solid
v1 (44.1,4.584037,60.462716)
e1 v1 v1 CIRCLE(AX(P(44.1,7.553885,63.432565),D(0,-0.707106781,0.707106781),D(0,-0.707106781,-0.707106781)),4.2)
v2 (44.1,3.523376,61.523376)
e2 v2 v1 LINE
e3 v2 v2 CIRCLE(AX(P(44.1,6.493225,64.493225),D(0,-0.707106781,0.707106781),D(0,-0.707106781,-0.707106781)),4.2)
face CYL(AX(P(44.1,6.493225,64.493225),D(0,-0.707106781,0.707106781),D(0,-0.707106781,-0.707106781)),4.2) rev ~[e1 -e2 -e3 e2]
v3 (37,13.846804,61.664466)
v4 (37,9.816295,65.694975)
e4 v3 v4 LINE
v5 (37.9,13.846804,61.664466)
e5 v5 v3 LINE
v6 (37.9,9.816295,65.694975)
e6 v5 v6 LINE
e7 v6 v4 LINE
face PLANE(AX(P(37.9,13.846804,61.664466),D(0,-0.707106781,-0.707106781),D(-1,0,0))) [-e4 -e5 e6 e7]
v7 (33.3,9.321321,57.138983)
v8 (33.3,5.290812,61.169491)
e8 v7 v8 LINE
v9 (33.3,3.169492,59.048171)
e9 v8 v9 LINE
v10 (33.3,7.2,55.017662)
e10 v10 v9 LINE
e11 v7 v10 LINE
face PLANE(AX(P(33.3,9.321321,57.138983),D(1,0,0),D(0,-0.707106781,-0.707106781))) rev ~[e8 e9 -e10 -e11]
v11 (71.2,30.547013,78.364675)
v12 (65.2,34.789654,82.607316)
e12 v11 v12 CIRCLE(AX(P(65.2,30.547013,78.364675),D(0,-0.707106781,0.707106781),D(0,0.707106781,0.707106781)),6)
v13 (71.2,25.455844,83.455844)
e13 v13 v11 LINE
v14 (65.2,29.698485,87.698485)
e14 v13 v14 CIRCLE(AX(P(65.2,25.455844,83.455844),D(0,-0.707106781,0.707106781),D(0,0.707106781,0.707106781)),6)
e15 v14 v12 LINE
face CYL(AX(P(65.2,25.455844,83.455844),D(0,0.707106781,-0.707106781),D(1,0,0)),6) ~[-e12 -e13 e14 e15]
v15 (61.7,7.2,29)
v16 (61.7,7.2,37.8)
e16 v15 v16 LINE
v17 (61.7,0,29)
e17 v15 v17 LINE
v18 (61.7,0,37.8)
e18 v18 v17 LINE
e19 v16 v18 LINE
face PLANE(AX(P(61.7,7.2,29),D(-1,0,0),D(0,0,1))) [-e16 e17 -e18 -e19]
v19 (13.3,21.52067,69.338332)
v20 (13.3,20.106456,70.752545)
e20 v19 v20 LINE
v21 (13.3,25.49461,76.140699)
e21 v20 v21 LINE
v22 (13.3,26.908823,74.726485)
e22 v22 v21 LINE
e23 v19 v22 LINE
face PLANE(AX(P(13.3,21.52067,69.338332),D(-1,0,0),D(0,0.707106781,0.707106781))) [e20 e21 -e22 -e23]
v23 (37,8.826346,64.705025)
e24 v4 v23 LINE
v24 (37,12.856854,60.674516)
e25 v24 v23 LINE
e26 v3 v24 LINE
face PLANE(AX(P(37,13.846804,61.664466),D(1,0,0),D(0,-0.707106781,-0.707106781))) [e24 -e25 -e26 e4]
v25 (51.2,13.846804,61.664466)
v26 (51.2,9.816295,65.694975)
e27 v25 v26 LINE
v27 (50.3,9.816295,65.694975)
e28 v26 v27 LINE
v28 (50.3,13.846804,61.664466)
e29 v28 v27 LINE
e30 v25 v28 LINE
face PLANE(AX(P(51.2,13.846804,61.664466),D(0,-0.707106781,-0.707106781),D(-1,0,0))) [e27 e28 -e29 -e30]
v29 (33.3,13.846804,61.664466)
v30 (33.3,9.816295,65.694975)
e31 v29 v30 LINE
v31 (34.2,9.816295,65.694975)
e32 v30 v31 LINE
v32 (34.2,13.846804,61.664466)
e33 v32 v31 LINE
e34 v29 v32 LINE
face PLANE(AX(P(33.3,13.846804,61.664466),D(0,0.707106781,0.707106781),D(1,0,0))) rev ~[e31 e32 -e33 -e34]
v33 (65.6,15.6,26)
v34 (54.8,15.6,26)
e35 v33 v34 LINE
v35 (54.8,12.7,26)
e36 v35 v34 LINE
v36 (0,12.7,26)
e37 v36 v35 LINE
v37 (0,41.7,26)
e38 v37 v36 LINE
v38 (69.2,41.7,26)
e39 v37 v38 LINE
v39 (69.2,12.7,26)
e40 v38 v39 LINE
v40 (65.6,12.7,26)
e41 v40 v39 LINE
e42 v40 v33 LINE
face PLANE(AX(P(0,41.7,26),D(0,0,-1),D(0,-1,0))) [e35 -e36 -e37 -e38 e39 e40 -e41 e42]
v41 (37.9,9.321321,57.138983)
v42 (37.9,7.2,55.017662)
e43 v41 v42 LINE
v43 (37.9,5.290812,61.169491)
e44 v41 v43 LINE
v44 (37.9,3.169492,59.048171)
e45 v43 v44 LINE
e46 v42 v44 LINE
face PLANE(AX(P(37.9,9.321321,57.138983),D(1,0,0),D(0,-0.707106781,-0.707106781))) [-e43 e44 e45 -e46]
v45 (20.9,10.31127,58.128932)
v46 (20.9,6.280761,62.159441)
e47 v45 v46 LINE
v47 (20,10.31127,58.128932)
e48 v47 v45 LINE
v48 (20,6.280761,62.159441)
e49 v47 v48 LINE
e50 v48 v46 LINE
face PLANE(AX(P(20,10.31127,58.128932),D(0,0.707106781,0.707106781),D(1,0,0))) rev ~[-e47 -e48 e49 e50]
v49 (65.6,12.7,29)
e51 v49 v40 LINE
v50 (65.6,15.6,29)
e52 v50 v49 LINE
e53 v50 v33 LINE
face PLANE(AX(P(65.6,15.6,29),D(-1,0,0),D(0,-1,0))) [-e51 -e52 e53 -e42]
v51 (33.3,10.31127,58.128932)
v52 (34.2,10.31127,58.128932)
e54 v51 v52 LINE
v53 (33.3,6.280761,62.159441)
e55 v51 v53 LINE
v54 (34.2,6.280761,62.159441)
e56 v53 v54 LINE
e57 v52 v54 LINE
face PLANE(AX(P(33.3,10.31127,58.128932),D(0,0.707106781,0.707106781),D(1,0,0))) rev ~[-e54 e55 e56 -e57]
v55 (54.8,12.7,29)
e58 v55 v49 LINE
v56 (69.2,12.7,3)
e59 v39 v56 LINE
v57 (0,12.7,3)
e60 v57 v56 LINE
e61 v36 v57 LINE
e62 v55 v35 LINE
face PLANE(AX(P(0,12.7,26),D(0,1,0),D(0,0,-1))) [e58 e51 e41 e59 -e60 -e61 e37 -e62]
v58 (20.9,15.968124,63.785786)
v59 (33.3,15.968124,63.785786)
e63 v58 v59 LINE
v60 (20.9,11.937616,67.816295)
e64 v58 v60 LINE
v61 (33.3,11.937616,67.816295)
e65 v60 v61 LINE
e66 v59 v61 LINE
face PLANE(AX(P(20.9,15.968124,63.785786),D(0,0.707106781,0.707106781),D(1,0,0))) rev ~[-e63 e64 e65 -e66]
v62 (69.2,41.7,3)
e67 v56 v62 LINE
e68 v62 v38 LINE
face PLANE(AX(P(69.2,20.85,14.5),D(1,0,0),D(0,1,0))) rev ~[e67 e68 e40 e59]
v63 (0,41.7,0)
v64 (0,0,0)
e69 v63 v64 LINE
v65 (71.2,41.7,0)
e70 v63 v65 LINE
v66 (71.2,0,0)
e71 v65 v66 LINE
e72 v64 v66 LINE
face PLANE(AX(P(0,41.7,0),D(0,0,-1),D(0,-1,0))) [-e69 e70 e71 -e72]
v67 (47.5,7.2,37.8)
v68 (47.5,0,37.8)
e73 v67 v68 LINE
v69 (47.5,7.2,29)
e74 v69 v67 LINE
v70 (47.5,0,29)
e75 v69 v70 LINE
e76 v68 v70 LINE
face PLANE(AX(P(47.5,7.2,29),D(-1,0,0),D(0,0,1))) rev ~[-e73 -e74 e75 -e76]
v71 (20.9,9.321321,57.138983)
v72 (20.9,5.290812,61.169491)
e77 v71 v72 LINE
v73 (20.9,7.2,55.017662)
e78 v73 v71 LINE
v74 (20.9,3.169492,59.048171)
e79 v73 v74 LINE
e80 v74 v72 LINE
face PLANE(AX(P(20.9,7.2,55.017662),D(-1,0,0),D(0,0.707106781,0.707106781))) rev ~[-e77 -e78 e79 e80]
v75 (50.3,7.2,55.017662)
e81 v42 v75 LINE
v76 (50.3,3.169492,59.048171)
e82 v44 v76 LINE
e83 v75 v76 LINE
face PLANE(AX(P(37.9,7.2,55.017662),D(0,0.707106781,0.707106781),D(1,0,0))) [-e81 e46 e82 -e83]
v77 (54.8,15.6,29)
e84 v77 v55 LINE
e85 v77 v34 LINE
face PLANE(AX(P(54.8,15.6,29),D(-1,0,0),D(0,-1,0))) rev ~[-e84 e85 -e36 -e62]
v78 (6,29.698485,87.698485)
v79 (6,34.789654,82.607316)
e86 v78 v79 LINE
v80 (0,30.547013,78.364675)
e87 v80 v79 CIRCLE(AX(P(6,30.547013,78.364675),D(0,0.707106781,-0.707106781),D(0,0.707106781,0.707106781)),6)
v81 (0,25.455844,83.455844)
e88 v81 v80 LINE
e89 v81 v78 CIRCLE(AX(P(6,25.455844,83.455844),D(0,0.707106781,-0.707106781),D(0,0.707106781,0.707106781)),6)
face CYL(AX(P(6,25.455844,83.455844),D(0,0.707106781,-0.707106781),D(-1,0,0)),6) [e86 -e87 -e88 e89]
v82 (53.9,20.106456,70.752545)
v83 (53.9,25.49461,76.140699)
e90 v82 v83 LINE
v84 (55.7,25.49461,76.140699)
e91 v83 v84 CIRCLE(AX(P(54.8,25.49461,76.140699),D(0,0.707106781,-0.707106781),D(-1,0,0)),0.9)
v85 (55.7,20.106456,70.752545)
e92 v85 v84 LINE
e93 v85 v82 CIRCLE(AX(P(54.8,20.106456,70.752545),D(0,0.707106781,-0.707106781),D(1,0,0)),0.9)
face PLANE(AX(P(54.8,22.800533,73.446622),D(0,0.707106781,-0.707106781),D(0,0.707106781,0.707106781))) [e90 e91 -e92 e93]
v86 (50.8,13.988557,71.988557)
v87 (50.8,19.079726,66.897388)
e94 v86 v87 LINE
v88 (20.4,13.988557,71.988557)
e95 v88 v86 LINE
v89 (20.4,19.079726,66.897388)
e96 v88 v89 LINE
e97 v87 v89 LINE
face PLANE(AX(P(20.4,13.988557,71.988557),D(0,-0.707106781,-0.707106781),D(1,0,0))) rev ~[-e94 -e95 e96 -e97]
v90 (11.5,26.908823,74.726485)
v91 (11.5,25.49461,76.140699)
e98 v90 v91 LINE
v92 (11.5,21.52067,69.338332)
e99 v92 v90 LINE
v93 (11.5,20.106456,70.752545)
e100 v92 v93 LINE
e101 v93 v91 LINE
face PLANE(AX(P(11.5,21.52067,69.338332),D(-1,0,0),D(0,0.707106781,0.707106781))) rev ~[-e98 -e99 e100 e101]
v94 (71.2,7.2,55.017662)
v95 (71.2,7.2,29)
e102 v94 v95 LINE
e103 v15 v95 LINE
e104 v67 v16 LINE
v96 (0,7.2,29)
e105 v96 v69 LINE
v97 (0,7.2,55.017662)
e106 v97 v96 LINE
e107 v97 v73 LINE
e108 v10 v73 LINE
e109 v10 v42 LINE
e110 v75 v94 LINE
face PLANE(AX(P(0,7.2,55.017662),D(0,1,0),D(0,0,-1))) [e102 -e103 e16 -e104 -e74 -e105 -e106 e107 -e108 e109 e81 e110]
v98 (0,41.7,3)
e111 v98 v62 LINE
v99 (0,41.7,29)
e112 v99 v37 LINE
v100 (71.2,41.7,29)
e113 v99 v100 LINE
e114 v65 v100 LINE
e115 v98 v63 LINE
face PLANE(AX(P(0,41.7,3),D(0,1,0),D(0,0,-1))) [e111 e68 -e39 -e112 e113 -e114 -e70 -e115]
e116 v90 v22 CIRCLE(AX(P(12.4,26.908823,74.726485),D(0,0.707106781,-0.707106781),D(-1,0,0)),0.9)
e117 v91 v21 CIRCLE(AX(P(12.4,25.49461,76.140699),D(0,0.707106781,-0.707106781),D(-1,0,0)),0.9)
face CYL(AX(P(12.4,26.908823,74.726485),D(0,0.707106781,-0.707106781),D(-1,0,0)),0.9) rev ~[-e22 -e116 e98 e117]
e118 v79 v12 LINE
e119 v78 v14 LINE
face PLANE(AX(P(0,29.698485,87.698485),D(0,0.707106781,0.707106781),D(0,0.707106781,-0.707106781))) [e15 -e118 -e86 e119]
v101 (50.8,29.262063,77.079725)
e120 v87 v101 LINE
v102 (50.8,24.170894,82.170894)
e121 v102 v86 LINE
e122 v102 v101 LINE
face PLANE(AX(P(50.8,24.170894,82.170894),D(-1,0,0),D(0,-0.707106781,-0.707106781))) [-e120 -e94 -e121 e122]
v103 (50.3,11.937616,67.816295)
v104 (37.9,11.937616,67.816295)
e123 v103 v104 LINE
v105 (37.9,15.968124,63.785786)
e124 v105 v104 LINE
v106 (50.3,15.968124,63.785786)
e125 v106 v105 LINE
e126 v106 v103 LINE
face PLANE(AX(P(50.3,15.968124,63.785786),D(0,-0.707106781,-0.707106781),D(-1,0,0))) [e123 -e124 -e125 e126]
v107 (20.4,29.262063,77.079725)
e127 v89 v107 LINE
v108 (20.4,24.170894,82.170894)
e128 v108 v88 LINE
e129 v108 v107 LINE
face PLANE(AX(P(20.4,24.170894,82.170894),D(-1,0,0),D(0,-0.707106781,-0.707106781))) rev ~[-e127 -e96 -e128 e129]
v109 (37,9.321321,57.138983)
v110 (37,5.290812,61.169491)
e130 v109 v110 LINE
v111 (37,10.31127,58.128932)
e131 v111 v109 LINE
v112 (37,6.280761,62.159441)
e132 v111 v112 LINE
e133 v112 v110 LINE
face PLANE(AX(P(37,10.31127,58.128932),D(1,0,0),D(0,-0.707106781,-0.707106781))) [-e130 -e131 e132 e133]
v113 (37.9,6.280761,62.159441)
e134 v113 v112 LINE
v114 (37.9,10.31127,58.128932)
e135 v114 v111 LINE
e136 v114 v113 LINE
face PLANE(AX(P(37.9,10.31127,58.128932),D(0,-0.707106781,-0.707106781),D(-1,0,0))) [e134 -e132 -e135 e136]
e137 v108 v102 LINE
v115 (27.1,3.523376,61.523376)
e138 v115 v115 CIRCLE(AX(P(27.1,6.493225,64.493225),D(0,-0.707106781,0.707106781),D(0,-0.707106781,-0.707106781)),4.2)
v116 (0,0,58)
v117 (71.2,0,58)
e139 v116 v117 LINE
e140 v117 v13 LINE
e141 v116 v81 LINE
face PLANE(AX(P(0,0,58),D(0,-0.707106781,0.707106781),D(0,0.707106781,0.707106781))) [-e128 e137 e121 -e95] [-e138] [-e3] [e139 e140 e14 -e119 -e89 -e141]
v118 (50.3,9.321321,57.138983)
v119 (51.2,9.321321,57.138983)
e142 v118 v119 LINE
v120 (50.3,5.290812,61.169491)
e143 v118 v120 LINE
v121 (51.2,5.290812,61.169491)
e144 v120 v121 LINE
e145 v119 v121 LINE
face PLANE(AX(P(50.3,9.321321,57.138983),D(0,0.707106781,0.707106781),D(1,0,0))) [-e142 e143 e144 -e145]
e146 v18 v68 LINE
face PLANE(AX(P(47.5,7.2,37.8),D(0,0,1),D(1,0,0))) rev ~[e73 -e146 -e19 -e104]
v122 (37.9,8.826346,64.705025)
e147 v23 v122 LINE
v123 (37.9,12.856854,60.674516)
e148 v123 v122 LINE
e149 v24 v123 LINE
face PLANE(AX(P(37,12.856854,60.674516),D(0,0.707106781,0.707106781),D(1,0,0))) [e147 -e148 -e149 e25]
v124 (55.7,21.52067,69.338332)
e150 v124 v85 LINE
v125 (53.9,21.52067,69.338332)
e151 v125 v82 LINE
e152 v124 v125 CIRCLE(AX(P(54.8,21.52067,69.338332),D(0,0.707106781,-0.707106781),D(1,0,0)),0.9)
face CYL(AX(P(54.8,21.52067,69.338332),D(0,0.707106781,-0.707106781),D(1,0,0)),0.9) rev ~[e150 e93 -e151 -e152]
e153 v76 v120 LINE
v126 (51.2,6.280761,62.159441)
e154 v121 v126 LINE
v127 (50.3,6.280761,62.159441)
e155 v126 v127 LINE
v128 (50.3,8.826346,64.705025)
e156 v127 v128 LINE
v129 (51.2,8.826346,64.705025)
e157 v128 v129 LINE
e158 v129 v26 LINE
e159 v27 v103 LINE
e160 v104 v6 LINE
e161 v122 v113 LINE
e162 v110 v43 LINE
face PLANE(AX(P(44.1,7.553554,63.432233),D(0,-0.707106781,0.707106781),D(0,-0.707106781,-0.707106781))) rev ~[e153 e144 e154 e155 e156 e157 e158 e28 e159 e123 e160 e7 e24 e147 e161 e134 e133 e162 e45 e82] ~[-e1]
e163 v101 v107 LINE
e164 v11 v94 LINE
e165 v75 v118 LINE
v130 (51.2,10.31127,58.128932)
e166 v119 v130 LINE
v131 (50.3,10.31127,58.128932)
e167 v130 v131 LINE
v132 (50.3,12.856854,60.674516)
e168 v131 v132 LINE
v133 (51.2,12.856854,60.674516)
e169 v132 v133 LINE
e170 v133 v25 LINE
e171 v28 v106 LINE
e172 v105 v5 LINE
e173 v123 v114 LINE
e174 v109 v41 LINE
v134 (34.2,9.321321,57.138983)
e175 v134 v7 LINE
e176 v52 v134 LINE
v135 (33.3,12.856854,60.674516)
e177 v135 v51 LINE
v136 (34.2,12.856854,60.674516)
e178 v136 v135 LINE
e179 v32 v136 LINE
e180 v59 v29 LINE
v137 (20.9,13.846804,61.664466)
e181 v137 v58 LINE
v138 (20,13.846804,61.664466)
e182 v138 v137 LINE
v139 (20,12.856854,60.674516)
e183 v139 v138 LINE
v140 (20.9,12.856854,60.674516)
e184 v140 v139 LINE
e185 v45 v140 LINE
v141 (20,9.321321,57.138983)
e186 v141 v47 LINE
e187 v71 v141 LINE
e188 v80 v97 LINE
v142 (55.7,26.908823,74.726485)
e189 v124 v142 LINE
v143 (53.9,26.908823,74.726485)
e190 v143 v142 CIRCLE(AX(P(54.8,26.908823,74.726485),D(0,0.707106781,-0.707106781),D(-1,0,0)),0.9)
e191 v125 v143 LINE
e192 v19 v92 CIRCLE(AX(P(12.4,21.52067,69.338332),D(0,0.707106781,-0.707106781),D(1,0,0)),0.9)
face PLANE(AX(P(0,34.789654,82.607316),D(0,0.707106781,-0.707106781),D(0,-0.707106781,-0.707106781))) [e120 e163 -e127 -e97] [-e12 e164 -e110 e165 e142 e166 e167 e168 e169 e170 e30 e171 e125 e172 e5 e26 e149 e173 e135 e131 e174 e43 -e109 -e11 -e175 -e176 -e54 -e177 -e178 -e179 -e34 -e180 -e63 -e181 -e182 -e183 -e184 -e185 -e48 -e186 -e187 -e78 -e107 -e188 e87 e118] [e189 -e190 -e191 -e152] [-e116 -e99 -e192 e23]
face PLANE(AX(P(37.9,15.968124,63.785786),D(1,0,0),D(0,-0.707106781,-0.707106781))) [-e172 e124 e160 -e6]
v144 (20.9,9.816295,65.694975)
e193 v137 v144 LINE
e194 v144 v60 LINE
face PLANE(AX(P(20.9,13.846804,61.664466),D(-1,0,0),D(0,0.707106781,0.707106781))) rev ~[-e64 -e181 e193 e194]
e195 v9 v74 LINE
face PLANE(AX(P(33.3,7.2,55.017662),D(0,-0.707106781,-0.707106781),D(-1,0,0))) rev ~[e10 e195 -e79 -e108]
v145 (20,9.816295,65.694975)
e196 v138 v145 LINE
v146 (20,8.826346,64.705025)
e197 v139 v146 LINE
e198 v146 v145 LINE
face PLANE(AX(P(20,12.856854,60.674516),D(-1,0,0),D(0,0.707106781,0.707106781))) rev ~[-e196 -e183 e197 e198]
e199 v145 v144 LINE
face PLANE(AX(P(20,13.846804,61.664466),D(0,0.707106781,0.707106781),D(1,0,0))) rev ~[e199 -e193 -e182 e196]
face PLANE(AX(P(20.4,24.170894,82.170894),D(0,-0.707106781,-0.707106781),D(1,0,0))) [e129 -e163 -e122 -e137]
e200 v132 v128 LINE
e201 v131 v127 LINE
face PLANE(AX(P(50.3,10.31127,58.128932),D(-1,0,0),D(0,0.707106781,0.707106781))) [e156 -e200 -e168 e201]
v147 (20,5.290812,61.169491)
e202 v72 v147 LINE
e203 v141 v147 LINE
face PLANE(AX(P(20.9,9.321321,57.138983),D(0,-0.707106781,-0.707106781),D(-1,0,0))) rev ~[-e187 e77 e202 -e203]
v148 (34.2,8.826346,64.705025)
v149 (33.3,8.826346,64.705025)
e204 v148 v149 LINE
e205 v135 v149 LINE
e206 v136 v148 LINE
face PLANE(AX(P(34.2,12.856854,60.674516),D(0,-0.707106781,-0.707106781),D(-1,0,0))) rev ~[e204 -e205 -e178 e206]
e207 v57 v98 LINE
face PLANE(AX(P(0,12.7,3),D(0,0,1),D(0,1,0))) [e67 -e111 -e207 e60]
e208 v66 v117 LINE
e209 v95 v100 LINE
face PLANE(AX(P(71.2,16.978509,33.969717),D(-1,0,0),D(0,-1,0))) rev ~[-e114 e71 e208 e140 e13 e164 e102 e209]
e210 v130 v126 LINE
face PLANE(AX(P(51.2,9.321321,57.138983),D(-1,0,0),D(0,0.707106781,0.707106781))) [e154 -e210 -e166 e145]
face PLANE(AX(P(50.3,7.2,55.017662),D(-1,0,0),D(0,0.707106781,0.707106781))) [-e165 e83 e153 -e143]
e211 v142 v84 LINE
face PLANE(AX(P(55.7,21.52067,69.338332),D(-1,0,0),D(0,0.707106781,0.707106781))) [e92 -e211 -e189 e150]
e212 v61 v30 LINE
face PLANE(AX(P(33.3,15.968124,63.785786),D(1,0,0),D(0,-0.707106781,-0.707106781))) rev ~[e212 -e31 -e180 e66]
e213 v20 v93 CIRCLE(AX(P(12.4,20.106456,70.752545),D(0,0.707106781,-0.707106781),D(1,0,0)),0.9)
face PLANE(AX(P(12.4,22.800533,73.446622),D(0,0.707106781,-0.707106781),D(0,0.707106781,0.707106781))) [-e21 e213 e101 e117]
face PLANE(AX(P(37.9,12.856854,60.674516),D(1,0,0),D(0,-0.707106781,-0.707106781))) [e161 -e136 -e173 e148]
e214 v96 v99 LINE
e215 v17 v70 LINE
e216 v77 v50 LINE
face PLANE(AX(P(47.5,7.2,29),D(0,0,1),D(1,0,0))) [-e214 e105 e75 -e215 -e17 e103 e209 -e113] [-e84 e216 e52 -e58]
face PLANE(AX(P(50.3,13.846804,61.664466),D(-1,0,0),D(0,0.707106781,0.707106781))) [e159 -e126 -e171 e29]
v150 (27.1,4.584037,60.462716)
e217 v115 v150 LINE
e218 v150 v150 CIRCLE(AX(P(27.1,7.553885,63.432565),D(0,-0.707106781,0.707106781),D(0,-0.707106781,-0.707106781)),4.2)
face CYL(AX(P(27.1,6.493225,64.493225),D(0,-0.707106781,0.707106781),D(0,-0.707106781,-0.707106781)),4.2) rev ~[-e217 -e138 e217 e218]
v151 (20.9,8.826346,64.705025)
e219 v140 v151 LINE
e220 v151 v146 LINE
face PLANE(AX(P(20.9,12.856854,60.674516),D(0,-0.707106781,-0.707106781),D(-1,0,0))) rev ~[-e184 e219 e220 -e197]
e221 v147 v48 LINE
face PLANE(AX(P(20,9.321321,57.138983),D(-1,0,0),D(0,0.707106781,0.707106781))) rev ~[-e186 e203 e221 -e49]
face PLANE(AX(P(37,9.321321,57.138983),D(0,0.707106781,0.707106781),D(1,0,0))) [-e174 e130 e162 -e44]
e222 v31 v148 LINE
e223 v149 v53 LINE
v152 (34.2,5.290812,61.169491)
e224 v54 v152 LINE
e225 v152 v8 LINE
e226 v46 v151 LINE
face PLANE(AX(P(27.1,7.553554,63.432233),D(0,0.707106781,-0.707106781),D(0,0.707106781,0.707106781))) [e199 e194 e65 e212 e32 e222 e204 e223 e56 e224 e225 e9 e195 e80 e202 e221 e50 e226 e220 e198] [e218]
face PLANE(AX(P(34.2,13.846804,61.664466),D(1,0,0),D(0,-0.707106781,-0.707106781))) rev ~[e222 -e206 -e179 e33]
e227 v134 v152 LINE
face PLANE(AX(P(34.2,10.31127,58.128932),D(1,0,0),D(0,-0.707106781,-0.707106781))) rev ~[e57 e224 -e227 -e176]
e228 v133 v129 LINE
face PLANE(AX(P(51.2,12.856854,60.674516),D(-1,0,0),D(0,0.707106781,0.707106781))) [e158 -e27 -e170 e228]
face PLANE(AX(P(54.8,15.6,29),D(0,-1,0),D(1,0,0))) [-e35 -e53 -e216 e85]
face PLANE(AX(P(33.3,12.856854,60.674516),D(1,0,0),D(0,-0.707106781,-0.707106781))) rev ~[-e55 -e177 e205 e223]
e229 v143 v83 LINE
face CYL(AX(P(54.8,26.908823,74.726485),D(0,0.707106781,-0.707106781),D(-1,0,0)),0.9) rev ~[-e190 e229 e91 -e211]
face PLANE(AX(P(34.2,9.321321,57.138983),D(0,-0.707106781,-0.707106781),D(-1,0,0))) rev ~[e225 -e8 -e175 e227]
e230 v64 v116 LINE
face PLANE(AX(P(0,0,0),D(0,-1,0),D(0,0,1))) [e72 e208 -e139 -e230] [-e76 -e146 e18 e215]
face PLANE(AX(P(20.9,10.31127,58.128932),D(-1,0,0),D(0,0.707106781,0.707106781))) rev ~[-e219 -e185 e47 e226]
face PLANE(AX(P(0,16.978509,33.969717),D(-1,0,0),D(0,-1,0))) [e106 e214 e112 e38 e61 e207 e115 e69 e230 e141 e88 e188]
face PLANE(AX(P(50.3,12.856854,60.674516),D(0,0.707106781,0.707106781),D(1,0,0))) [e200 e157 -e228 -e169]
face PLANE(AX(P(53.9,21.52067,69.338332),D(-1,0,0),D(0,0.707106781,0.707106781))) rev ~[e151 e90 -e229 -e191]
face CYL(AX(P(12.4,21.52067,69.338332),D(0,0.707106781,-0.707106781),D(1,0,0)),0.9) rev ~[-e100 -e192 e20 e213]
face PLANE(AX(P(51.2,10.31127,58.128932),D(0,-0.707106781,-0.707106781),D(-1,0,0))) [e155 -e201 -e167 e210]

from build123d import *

# Parameters (mm, degrees)
PAD_DEPTH       = 71.2
POCKET_DEPTH    = 5.7
SKETCH001_R     = 4.2
SKETCH001_W     = 14.4
SKETCH001_H     = 30.4
POCKET001_DEPTH = 7.5
SKETCH003_W     = 41.7
SKETCH003_H     = 29
PAD001002_DEPTH = 2
POCKET002_DEPTH = 2
SKETCH005_W     = 2.9
SKETCH005_H     = 10.8
POCKET003_DEPTH = 4
SKETCH006_W     = 8.8
SKETCH006_H     = 14.2
POCKET004_DEPTH = 7.201
FILLET_R        = 6


with BuildPart() as part:
    # Sketch → Pad (new body)
    with BuildSketch(Plane.YZ):
        Polygon((0, 0), (0, 58), (29.698485, 87.698485), (34.789654, 82.607316), (7.2, 55.017662), (7.2, 29), (41.7, 29), (41.7, 26), (12.7, 26), (12.7, 3), (41.7, 3), (41.7, 0), align=None)
    extrude(amount=PAD_DEPTH)

    # Sketch002 (on Face8 of Pad) → Pocket (cut)
    with BuildSketch(Plane(origin=(0, -23.908831, 23.908831), x_dir=(0, 0.707107, 0.707107), z_dir=(0, 0.707107, -0.707107))):
        Polygon((56.394531, 50.3), (56.394531, 37.9), (53.394531, 37.9), (53.394531, 37), (51.994531, 37), (51.994531, 37.9), (48.394531, 37.9), (48.394531, 37), (46.994531, 37), (46.994531, 37.9), (43.994531, 37.9), (43.994531, 50.3), (46.994531, 50.3), (46.994531, 51.2), (48.394531, 51.2), (48.394531, 50.3), (51.994531, 50.3), (51.994531, 51.2), (53.394531, 51.2), (53.394531, 50.3), align=None)
        Polygon((43.994531, 20.9), (46.994531, 20.9), (46.994531, 20), (48.394531, 20), (48.394531, 20.9), (51.994531, 20.9), (51.994531, 20), (53.394531, 20), (53.394531, 20.9), (56.394531, 20.9), (56.394531, 33.3), (53.394531, 33.3), (53.394531, 34.2), (51.994531, 34.2), (51.994531, 33.3), (48.394531, 33.3), (48.394531, 34.2), (46.994531, 34.2), (46.994531, 33.3), (43.994531, 33.3), align=None)
    extrude(amount=-POCKET_DEPTH, mode=Mode.SUBTRACT)

    # Sketch001 (on Face10 of Pocket) → Pocket001 (cut)
    with BuildSketch(Plane(origin=(0, -29, 29), x_dir=(0, -0.707107, -0.707107), z_dir=(0, -0.707107, 0.707107))):
        with Locations((-50.195, 44.1)):
            Circle(SKETCH001_R)
        with Locations((-50.195, 27.1)):
            Circle(SKETCH001_R)
        with Locations((-67.995, 35.6)):
            Rectangle(SKETCH001_W, SKETCH001_H)
    extrude(amount=-POCKET001_DEPTH, mode=Mode.SUBTRACT)

    # Sketch003 (on Face5 of Pocket001) → Pad001002 (join)
    with BuildSketch(Plane.YZ.offset(71.2)):
        with Locations((20.85, 14.5)):
            Rectangle(SKETCH003_W, SKETCH003_H)
    extrude(amount=-PAD001002_DEPTH)

    # Sketch004 (on Face8 of Pad001002) → Pocket002 (cut)
    with BuildSketch(Plane(origin=(0, -23.908831, 23.908831), x_dir=(0, 0.707107, 0.707107), z_dir=(0, 0.707107, -0.707107))):
        with BuildLine():
            ThreePointArc((64.247016, 55.7), (63.347016, 54.8), (64.247016, 53.9))
            Line((64.247016, 53.9), (71.867016, 53.9))
            ThreePointArc((71.867016, 53.9), (72.767016, 54.8), (71.867016, 55.7))
            Line((64.247016, 55.7), (71.867016, 55.7))
        make_face()
        with BuildLine():
            ThreePointArc((64.247016, 13.3), (63.347016, 12.4), (64.247016, 11.5))
            Line((64.247016, 11.5), (71.867016, 11.5))
            ThreePointArc((71.867016, 11.5), (72.767016, 12.4), (71.867016, 13.3))
            Line((64.247016, 13.3), (71.867016, 13.3))
        make_face()
    extrude(amount=-POCKET002_DEPTH, mode=Mode.SUBTRACT)

    # Sketch005 (on Face13 of Pocket002) → Pocket003 (cut)
    with BuildSketch(Plane(origin=(0, 0, 29), x_dir=(0, -1, 0), z_dir=(0, 0, 1))):
        with Locations((-14.15, 60.2)):
            Rectangle(SKETCH005_W, SKETCH005_H)
    extrude(amount=-POCKET003_DEPTH, mode=Mode.SUBTRACT)

    # Sketch006 (on Face11 of Pocket003) → Pocket004 (cut, through all)
    with BuildSketch(Plane.ZX.offset(7.2)):
        with Locations((33.4, 54.6)):
            Rectangle(SKETCH006_W, SKETCH006_H)
    extrude(amount=-POCKET004_DEPTH, mode=Mode.SUBTRACT)

    # Fillet
    fillet_edges = [part.edges().sort_by_distance(p)[0] for p in [
        (71.2, 32.244069, 85.1529),
        (0, 32.244069, 85.1529),
    ]]
    fillet(fillet_edges, radius=FILLET_R)


solid = part.part
